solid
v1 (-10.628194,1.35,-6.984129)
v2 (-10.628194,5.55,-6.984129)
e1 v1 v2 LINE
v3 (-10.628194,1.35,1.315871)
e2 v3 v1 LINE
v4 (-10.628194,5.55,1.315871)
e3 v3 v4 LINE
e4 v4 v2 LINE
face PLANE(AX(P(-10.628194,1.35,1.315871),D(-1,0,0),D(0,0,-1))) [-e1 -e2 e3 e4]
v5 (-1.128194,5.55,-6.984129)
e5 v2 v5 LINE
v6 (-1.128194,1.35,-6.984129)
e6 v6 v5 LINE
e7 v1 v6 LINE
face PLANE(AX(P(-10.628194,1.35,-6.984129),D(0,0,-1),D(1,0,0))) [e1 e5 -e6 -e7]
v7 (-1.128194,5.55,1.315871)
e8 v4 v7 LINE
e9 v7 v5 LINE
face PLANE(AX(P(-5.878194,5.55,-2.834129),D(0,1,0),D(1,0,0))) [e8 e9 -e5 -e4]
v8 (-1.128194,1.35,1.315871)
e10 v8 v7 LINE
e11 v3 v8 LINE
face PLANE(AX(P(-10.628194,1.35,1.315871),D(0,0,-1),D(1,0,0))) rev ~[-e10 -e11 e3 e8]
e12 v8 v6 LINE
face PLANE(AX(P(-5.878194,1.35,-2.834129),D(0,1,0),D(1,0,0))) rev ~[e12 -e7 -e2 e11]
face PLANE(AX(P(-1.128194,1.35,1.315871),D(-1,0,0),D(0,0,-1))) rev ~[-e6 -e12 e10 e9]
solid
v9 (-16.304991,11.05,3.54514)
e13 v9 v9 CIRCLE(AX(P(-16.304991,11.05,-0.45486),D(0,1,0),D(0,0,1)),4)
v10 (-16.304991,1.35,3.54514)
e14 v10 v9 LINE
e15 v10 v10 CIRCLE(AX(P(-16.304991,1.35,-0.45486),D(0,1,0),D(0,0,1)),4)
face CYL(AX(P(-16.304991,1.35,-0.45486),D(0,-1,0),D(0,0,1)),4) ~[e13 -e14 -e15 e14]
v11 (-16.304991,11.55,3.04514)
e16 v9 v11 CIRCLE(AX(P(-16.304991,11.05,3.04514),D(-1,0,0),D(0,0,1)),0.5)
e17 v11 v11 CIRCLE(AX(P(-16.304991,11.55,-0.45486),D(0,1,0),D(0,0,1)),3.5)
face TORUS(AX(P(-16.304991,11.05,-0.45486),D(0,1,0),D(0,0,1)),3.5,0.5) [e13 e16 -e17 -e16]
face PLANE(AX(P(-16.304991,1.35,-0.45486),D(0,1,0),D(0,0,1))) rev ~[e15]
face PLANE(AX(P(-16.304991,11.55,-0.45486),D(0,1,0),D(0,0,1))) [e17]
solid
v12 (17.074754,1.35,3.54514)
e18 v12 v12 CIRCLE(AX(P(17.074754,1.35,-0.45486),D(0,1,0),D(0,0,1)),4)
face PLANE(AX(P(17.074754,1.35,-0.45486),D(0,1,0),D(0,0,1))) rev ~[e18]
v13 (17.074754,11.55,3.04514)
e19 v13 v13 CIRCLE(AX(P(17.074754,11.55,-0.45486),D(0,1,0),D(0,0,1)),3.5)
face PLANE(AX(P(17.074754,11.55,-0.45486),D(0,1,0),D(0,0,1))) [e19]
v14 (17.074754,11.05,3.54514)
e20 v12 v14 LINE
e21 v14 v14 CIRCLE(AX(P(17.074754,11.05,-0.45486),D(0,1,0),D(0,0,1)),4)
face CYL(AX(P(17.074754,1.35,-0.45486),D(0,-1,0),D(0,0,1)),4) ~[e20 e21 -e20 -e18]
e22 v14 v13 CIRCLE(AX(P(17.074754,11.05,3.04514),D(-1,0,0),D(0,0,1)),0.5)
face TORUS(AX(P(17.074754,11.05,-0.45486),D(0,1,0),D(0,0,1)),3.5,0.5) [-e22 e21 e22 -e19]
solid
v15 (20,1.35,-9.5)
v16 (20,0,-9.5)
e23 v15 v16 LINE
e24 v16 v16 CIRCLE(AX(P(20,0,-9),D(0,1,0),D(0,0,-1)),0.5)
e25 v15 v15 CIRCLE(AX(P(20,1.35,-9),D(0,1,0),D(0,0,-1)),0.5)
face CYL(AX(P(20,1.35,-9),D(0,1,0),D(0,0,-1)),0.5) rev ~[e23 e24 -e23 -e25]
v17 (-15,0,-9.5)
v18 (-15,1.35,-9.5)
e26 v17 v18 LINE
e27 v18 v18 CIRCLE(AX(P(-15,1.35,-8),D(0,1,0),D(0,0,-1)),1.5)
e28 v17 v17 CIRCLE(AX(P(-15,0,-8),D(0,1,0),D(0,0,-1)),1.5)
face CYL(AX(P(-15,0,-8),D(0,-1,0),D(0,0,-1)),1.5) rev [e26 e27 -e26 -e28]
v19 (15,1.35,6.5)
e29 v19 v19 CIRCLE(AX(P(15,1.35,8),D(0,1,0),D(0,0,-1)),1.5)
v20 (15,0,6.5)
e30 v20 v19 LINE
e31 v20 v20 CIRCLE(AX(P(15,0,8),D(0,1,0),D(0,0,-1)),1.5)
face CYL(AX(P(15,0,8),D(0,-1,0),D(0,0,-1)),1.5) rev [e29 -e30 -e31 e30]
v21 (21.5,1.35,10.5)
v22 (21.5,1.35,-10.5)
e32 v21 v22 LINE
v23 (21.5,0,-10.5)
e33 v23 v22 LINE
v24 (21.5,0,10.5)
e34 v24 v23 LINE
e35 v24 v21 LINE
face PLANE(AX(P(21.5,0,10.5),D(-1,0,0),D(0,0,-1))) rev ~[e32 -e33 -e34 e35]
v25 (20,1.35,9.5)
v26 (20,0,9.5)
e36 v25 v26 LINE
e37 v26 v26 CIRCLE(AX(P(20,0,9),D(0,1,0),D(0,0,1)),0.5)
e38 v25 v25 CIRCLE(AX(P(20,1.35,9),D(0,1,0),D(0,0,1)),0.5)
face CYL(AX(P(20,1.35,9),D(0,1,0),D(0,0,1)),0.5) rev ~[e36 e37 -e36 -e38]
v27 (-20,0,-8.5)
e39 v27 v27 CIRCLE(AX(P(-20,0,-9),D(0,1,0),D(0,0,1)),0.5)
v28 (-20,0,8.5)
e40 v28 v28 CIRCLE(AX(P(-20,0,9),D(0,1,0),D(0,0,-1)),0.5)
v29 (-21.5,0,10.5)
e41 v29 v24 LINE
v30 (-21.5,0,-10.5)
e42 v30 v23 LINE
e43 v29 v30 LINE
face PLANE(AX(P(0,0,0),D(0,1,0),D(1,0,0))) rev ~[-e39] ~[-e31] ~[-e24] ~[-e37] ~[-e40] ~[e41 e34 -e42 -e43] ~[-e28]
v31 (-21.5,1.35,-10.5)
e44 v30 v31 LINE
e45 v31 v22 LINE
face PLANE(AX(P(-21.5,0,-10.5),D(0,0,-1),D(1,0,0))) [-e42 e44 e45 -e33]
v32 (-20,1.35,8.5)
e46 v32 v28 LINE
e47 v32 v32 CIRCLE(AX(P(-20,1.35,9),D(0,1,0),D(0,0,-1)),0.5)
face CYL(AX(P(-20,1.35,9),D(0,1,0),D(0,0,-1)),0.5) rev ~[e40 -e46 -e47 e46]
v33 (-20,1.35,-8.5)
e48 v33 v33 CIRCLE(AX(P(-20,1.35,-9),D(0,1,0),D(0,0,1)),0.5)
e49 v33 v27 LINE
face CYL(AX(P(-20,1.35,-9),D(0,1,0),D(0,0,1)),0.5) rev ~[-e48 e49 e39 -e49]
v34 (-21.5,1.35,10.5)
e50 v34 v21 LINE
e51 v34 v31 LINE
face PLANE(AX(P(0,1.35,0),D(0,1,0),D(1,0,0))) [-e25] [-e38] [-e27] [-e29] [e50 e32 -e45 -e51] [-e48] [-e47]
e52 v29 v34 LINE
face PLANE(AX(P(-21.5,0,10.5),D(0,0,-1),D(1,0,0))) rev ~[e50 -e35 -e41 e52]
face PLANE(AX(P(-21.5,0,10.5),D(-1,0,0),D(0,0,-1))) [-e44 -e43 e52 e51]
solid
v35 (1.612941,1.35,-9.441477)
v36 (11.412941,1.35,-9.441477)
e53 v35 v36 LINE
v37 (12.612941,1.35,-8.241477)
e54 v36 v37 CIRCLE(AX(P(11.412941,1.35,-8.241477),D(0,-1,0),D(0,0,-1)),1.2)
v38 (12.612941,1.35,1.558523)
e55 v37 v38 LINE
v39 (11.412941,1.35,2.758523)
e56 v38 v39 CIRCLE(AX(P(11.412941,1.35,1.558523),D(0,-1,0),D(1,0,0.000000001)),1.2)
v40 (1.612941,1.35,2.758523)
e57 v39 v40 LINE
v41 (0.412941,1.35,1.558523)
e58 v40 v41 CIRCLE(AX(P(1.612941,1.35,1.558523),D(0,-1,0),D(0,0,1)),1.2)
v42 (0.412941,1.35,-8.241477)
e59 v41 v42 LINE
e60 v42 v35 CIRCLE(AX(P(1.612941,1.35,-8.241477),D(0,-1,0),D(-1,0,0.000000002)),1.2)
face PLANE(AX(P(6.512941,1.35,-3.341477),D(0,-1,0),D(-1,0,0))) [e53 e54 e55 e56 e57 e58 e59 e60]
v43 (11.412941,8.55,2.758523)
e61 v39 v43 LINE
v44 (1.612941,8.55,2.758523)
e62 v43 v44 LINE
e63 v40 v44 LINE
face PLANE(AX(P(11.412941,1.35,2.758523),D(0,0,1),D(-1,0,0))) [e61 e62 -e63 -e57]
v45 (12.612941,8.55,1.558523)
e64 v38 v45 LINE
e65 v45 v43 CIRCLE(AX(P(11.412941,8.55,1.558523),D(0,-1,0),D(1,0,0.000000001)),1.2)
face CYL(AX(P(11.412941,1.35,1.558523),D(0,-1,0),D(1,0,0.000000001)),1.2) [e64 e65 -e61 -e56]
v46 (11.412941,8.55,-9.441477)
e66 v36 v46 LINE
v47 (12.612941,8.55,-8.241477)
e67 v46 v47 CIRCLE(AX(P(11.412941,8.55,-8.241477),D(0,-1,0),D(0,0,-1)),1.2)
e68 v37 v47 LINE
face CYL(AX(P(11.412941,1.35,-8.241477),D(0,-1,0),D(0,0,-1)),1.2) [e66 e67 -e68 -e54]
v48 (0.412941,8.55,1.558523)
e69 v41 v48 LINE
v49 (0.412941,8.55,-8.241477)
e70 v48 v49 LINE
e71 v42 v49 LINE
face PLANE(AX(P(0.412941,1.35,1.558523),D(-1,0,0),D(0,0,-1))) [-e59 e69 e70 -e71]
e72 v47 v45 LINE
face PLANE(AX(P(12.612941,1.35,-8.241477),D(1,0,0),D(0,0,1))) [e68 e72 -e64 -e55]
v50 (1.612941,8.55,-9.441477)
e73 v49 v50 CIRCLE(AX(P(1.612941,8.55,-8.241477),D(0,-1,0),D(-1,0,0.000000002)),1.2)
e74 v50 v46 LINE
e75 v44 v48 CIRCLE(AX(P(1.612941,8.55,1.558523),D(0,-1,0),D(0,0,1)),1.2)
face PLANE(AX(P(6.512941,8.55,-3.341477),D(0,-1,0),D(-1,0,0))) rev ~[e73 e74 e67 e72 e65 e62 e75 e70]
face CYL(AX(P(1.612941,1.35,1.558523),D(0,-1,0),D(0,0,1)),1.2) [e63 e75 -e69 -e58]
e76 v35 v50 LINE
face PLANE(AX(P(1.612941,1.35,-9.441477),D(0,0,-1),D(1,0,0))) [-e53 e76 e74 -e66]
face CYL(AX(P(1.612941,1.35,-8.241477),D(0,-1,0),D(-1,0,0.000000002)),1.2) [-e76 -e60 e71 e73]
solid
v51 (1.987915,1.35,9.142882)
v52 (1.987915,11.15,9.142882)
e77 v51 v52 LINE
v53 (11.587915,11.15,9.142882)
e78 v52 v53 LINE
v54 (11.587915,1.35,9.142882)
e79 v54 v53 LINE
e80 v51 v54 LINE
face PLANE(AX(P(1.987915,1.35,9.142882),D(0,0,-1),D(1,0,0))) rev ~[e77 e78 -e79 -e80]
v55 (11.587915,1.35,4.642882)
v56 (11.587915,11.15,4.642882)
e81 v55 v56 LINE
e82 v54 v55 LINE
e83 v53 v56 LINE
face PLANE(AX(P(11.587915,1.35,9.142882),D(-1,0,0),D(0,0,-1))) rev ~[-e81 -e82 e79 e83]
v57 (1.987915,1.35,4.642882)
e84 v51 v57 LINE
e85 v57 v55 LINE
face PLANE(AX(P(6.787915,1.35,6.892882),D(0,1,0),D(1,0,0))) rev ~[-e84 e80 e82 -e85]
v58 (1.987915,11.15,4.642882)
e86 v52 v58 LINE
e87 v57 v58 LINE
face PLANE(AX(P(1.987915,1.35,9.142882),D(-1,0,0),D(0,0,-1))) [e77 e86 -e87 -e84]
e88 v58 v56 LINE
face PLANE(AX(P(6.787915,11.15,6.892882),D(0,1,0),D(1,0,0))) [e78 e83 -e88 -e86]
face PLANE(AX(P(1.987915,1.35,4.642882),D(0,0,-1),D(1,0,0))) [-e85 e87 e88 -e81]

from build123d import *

# Parameters (mm, degrees)
SKETCH2_W             = 43
SKETCH2_H             = 21
SKETCH2_R             = 1.5
BOSS_EXTRUDE1_DEPTH   = 1.35
SKETCH3_R             = 0.5
CUT_EXTRUDE1_DEPTH    = 24.965026601
BOSS_EXTRUDE2_DEPTH   = 7.2
SKETCH6_W             = 9.6
SKETCH6_H             = 4.5
BOSS_EXTRUDE3_DEPTH   = 9.8
SKETCH7_W             = 9.5
SKETCH7_H             = 8.3
BOSS_EXTRUDE4_DEPTH   = 4.2
SKETCH8_R             = 4
BOSS_EXTRUDE5_DEPTH   = 10.2
BOSS_EXTRUDE5_2_DEPTH = 10.2
FILLET1_R             = 0.5
FILLET2_R             = 0.5


with BuildPart() as part:
    # Sketch2 → Boss-Extrude1 (new body)
    with BuildSketch(Plane(origin=(0, 0, 0), x_dir=(1, 0, 0), z_dir=(0, 1, 0))):
        Rectangle(SKETCH2_W, SKETCH2_H)
        with Locations(Location((-15, 8, 0), (0, 0, 90))):
            Circle(SKETCH2_R, mode=Mode.SUBTRACT)
        with Locations(Location((15, -8, 0), (0, 0, 90))):
            Circle(SKETCH2_R, mode=Mode.SUBTRACT)
    extrude(amount=BOSS_EXTRUDE1_DEPTH)

    # Sketch3 → Cut-Extrude1 (cut, through all)
    with BuildSketch(Plane(origin=(0, 1.35, 0), x_dir=(1, 0, 0), z_dir=(0, 1, 0))):
        with Locations(Location((-20, 9, 0), (0, 0, 270))):
            Circle(SKETCH3_R)
        with Locations(Location((20, 9, 0), (0, 0, 90))):
            Circle(SKETCH3_R)
        with Locations(Location((-20, -9, 0), (0, 0, 90))):
            Circle(SKETCH3_R)
        with Locations(Location((20, -9, 0), (0, 0, 270))):
            Circle(SKETCH3_R)
    extrude(amount=-CUT_EXTRUDE1_DEPTH, mode=Mode.SUBTRACT)


with BuildPart() as body_2:
    # Sketch4 → Boss-Extrude2 (new body)
    with BuildSketch(Plane(origin=(0, 1.35, 0), x_dir=(1, 0, 0), z_dir=(0, 1, 0))):
        with BuildLine():
            Line((1.612940952, 9.441476518), (11.412940952, 9.441476518))
            ThreePointArc((11.412940952, 9.441476518), (12.261469089, 9.090004656), (12.612940952, 8.241476518))
            Line((12.612940952, 8.241476518), (12.612940952, -1.558523482))
            ThreePointArc((12.612940952, -1.558523482), (12.261469089, -2.407051619), (11.412940952, -2.758523482))
            Line((11.412940952, -2.758523482), (1.612940952, -2.758523482))
            ThreePointArc((1.612940952, -2.758523482), (0.764412814, -2.407051619), (0.412940952, -1.558523482))
            Line((0.412940952, -1.558523482), (0.412940952, 8.241476518))
            ThreePointArc((0.412940952, 8.241476518), (0.764412814, 9.090004656), (1.612940952, 9.441476518))
        make_face()
    extrude(amount=BOSS_EXTRUDE2_DEPTH)


with BuildPart() as body_3:
    # Sketch6 → Boss-Extrude3 (new body)
    with BuildSketch(Plane(origin=(0, 1.35, 0), x_dir=(1, 0, 0), z_dir=(0, 1, 0))):
        with Locations((6.787914585, -6.892882336)):
            Rectangle(SKETCH6_W, SKETCH6_H)
    extrude(amount=BOSS_EXTRUDE3_DEPTH)


with BuildPart() as body_4:
    # Sketch7 → Boss-Extrude4 (new body)
    with BuildSketch(Plane(origin=(0, 1.35, 0), x_dir=(1, 0, 0), z_dir=(0, 1, 0))):
        with Locations((-5.878194074, 2.834129285)):
            Rectangle(SKETCH7_W, SKETCH7_H)
    extrude(amount=BOSS_EXTRUDE4_DEPTH)


with BuildPart() as body_5:
    # Sketch8 → Boss-Extrude5 (new body)
    with BuildSketch(Plane(origin=(0, 1.35, 0), x_dir=(1, 0, 0), z_dir=(0, 1, 0))):
        with Locations(Location((-16.304990704, 0.454860256, 0), (0, 0, 270))):
            Circle(SKETCH8_R)
    extrude(amount=BOSS_EXTRUDE5_DEPTH)

    # Fillet1
    fillet1_edges = [body_5.edges().sort_by_distance(p)[0] for p in [
        (-16.304990704, 11.55, -4.454860256),
    ]]
    fillet(fillet1_edges, radius=FILLET1_R)


with BuildPart() as body_6:
    # Sketch8 → Boss-Extrude5 2 (new body)
    with BuildSketch(Plane(origin=(0, 1.35, 0), x_dir=(1, 0, 0), z_dir=(0, 1, 0))):
        with Locations(Location((17.074754214, 0.454860256, 0), (0, 0, 270))):
            Circle(SKETCH8_R)
    extrude(amount=BOSS_EXTRUDE5_2_DEPTH)

    # Fillet2
    fillet2_edges = [body_6.edges().sort_by_distance(p)[0] for p in [
        (17.074754214, 11.55, -4.454860256),
    ]]
    fillet(fillet2_edges, radius=FILLET2_R)


solid = Compound([part.part, body_2.part, body_3.part, body_4.part, body_5.part, body_6.part])
